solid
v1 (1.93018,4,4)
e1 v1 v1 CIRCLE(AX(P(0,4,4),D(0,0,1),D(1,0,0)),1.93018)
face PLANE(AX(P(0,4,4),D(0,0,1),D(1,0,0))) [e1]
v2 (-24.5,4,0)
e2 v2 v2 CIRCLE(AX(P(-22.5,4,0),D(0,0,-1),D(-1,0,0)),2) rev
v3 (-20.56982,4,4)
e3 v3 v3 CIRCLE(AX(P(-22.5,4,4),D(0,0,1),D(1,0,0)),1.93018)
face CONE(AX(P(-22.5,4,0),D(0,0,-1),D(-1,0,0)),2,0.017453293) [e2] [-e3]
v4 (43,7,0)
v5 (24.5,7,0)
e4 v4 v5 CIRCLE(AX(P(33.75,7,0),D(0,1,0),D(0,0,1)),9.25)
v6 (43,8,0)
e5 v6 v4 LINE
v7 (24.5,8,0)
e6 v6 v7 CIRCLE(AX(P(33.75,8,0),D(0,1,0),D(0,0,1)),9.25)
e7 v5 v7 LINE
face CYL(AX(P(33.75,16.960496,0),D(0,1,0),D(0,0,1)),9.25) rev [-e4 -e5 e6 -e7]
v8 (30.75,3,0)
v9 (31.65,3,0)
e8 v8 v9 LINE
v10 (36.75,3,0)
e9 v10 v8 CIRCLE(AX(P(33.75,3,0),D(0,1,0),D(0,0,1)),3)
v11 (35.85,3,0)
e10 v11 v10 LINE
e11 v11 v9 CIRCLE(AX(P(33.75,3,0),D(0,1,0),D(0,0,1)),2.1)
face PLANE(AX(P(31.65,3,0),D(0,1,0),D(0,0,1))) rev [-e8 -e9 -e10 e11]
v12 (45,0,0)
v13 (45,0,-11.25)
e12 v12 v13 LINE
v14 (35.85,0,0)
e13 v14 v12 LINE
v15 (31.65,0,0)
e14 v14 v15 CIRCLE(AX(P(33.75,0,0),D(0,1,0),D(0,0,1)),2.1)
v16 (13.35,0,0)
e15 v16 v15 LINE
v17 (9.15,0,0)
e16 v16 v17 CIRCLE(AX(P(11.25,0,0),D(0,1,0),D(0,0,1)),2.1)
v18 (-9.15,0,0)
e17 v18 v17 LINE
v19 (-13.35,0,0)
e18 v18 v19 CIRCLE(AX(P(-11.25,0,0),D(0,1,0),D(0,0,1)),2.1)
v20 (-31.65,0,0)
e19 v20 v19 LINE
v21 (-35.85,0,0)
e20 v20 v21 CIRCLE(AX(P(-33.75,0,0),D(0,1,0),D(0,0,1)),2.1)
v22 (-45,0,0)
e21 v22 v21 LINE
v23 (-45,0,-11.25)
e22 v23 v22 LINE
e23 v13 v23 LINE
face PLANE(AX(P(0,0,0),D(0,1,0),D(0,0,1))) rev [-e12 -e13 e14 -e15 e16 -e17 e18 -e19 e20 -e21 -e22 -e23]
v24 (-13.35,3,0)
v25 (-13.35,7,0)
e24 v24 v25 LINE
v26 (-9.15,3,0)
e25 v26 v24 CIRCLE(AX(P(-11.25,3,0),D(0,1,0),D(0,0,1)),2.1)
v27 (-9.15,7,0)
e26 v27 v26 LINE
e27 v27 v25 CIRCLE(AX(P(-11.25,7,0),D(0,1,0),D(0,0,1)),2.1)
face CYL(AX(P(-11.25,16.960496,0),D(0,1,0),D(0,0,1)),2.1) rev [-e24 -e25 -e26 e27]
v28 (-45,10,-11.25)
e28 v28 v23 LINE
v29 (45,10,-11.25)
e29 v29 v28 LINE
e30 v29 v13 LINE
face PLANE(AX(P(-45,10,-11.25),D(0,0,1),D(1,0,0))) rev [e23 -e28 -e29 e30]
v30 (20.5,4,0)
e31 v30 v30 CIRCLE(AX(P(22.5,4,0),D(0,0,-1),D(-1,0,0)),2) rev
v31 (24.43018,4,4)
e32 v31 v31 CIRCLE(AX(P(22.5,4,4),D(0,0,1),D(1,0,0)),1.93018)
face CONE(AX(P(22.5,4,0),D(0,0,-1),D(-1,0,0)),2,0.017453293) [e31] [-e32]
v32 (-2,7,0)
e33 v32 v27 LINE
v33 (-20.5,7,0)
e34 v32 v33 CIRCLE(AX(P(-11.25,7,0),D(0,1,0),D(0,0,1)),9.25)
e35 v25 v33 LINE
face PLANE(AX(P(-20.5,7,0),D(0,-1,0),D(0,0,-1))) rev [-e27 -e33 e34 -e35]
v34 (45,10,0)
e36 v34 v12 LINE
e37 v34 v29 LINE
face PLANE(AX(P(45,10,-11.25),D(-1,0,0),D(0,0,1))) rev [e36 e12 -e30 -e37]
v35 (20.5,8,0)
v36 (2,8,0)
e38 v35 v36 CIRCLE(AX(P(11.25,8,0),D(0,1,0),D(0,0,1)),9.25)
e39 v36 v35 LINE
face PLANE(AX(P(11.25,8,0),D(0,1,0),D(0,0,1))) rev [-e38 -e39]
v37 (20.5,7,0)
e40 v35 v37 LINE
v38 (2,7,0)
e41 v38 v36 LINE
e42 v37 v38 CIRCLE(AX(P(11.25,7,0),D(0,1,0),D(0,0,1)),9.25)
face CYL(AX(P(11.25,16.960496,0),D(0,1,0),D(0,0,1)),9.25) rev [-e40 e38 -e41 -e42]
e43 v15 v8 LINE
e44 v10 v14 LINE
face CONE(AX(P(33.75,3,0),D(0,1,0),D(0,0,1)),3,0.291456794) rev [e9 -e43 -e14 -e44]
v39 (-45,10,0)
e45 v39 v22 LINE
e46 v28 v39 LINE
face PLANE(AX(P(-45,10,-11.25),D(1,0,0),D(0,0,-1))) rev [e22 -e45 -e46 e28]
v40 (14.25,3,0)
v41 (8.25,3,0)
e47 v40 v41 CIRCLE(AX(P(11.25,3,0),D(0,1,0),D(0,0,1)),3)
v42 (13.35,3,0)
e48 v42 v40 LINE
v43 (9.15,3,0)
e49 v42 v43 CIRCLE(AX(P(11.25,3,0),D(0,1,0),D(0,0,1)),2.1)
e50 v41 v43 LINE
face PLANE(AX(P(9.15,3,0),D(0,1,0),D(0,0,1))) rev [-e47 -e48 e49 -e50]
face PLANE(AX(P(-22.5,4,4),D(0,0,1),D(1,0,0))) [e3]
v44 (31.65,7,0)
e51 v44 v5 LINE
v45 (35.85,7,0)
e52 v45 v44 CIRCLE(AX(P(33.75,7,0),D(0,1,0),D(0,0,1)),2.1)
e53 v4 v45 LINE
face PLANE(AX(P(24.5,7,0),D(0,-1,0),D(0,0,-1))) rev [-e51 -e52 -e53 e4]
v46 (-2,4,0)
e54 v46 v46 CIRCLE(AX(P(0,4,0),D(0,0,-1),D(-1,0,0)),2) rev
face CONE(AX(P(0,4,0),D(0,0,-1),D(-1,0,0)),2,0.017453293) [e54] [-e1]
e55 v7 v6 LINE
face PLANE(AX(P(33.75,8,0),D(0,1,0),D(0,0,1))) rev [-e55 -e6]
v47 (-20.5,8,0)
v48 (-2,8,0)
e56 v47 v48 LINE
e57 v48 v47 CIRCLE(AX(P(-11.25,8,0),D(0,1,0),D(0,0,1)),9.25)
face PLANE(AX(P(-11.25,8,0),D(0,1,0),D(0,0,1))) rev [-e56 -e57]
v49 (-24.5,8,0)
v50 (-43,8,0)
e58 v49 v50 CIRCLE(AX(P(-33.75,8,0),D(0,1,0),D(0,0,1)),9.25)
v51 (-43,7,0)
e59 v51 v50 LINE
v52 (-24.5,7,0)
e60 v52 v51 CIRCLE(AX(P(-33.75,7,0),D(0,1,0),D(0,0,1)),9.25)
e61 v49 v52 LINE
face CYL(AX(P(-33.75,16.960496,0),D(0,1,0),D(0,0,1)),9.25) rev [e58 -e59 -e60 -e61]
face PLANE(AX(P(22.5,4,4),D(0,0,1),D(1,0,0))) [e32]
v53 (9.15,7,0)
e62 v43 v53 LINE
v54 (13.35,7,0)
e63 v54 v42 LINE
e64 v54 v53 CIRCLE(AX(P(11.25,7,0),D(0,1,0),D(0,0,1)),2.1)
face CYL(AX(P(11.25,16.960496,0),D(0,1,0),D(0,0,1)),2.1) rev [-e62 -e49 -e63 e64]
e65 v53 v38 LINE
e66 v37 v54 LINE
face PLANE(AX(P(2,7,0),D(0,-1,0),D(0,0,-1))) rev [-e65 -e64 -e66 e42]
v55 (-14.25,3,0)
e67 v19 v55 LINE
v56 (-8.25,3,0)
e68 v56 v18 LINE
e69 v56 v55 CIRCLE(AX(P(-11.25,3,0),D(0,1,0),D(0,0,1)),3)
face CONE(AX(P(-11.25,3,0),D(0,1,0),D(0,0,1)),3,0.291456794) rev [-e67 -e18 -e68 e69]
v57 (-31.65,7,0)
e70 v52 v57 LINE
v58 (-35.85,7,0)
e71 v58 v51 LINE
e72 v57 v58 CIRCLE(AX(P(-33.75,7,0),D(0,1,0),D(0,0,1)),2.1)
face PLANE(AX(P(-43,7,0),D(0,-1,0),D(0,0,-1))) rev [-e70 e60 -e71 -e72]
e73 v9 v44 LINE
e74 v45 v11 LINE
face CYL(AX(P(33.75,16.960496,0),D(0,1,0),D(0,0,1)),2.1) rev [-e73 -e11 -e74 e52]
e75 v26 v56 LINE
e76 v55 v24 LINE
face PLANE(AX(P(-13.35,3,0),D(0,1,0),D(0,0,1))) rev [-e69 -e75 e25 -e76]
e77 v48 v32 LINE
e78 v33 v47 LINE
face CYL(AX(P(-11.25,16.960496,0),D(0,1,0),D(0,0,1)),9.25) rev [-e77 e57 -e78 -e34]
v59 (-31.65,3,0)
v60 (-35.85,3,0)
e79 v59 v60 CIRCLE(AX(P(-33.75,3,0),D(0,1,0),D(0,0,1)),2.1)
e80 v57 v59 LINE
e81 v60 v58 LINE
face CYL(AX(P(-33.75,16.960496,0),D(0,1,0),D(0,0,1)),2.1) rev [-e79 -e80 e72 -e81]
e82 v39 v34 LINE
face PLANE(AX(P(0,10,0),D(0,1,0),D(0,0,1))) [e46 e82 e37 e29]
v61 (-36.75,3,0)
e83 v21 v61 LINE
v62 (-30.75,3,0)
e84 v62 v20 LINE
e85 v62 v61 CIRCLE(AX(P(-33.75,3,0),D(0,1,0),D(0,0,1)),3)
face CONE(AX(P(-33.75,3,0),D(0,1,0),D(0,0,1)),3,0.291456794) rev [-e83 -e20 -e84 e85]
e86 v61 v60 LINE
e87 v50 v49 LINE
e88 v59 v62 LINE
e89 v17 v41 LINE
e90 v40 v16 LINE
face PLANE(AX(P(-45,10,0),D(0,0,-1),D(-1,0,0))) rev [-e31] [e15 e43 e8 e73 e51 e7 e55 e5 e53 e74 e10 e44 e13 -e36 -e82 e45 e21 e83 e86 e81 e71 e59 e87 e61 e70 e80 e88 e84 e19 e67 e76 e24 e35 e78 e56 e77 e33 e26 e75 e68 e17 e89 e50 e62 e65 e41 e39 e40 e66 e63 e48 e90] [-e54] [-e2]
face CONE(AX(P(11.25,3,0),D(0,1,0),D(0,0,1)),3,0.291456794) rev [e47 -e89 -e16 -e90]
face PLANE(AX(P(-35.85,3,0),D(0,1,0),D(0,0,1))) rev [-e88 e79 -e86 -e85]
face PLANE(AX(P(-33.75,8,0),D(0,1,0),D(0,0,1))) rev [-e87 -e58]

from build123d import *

# Parameters (mm, degrees)
SKETCH1_W           = 90
SKETCH1_H           = 11.25
BOSS_EXTRUDE1_DEPTH = 10
LPATTERN1_COUNT     = 4
LPATTERN1_PITCH     = 22.5
SKETCH3_R           = 2
BOSS_EXTRUDE2_DEPTH = 4
DRAFT1_ANGLE        = 1


with BuildPart() as part:
    # Sketch1 → Boss-Extrude1 (new body)
    with BuildSketch(Plane(origin=(0, 0, 0), x_dir=(1, 0, 0), z_dir=(0, 1, 0))):
        with Locations((0, 5.625)):
            Rectangle(SKETCH1_W, SKETCH1_H)
    extrude(amount=BOSS_EXTRUDE1_DEPTH)

    # Sketch2 → Cut-Revolve1 (revolve, cut)
    with BuildSketch(Plane.XY):
        Polygon((-33.75, 8), (-43, 8), (-43, 7), (-35.85, 7), (-35.85, 3), (-36.75, 3), (-35.85, 0), (-33.75, 0), align=None)
    cut_revolve1 = revolve(axis=Axis((-33.75, 16.960495744, 0), (0, -1, 0)), mode=Mode.SUBTRACT)

    # LPattern1: Cut-Revolve1 ×4
    with Locations(*[(i * LPATTERN1_PITCH, 0, 0) for i in range(1, LPATTERN1_COUNT)]):
        add(cut_revolve1, mode=Mode.SUBTRACT)

    # Sketch3 → Boss-Extrude2 (add)
    with BuildSketch(Plane.XY):
        with Locations((-22.5, 4)):
            Circle(SKETCH3_R)
        with Locations((0, 4)):
            Circle(SKETCH3_R)
        with Locations((22.5, 4)):
            Circle(SKETCH3_R)
    extrude(amount=BOSS_EXTRUDE2_DEPTH)

    # Draft1
    draft1_faces = [part.faces().sort_by_distance(p)[0] for p in [
        (20.5, 4, 2),
        (-2, 4, 2),
        (-24.5, 4, 2),
    ]]
    draft(draft1_faces, Plane(origin=(-45, 10, 0), x_dir=(1, 0, 0), z_dir=(0, 0, 1)), DRAFT1_ANGLE)


solid = part.part
